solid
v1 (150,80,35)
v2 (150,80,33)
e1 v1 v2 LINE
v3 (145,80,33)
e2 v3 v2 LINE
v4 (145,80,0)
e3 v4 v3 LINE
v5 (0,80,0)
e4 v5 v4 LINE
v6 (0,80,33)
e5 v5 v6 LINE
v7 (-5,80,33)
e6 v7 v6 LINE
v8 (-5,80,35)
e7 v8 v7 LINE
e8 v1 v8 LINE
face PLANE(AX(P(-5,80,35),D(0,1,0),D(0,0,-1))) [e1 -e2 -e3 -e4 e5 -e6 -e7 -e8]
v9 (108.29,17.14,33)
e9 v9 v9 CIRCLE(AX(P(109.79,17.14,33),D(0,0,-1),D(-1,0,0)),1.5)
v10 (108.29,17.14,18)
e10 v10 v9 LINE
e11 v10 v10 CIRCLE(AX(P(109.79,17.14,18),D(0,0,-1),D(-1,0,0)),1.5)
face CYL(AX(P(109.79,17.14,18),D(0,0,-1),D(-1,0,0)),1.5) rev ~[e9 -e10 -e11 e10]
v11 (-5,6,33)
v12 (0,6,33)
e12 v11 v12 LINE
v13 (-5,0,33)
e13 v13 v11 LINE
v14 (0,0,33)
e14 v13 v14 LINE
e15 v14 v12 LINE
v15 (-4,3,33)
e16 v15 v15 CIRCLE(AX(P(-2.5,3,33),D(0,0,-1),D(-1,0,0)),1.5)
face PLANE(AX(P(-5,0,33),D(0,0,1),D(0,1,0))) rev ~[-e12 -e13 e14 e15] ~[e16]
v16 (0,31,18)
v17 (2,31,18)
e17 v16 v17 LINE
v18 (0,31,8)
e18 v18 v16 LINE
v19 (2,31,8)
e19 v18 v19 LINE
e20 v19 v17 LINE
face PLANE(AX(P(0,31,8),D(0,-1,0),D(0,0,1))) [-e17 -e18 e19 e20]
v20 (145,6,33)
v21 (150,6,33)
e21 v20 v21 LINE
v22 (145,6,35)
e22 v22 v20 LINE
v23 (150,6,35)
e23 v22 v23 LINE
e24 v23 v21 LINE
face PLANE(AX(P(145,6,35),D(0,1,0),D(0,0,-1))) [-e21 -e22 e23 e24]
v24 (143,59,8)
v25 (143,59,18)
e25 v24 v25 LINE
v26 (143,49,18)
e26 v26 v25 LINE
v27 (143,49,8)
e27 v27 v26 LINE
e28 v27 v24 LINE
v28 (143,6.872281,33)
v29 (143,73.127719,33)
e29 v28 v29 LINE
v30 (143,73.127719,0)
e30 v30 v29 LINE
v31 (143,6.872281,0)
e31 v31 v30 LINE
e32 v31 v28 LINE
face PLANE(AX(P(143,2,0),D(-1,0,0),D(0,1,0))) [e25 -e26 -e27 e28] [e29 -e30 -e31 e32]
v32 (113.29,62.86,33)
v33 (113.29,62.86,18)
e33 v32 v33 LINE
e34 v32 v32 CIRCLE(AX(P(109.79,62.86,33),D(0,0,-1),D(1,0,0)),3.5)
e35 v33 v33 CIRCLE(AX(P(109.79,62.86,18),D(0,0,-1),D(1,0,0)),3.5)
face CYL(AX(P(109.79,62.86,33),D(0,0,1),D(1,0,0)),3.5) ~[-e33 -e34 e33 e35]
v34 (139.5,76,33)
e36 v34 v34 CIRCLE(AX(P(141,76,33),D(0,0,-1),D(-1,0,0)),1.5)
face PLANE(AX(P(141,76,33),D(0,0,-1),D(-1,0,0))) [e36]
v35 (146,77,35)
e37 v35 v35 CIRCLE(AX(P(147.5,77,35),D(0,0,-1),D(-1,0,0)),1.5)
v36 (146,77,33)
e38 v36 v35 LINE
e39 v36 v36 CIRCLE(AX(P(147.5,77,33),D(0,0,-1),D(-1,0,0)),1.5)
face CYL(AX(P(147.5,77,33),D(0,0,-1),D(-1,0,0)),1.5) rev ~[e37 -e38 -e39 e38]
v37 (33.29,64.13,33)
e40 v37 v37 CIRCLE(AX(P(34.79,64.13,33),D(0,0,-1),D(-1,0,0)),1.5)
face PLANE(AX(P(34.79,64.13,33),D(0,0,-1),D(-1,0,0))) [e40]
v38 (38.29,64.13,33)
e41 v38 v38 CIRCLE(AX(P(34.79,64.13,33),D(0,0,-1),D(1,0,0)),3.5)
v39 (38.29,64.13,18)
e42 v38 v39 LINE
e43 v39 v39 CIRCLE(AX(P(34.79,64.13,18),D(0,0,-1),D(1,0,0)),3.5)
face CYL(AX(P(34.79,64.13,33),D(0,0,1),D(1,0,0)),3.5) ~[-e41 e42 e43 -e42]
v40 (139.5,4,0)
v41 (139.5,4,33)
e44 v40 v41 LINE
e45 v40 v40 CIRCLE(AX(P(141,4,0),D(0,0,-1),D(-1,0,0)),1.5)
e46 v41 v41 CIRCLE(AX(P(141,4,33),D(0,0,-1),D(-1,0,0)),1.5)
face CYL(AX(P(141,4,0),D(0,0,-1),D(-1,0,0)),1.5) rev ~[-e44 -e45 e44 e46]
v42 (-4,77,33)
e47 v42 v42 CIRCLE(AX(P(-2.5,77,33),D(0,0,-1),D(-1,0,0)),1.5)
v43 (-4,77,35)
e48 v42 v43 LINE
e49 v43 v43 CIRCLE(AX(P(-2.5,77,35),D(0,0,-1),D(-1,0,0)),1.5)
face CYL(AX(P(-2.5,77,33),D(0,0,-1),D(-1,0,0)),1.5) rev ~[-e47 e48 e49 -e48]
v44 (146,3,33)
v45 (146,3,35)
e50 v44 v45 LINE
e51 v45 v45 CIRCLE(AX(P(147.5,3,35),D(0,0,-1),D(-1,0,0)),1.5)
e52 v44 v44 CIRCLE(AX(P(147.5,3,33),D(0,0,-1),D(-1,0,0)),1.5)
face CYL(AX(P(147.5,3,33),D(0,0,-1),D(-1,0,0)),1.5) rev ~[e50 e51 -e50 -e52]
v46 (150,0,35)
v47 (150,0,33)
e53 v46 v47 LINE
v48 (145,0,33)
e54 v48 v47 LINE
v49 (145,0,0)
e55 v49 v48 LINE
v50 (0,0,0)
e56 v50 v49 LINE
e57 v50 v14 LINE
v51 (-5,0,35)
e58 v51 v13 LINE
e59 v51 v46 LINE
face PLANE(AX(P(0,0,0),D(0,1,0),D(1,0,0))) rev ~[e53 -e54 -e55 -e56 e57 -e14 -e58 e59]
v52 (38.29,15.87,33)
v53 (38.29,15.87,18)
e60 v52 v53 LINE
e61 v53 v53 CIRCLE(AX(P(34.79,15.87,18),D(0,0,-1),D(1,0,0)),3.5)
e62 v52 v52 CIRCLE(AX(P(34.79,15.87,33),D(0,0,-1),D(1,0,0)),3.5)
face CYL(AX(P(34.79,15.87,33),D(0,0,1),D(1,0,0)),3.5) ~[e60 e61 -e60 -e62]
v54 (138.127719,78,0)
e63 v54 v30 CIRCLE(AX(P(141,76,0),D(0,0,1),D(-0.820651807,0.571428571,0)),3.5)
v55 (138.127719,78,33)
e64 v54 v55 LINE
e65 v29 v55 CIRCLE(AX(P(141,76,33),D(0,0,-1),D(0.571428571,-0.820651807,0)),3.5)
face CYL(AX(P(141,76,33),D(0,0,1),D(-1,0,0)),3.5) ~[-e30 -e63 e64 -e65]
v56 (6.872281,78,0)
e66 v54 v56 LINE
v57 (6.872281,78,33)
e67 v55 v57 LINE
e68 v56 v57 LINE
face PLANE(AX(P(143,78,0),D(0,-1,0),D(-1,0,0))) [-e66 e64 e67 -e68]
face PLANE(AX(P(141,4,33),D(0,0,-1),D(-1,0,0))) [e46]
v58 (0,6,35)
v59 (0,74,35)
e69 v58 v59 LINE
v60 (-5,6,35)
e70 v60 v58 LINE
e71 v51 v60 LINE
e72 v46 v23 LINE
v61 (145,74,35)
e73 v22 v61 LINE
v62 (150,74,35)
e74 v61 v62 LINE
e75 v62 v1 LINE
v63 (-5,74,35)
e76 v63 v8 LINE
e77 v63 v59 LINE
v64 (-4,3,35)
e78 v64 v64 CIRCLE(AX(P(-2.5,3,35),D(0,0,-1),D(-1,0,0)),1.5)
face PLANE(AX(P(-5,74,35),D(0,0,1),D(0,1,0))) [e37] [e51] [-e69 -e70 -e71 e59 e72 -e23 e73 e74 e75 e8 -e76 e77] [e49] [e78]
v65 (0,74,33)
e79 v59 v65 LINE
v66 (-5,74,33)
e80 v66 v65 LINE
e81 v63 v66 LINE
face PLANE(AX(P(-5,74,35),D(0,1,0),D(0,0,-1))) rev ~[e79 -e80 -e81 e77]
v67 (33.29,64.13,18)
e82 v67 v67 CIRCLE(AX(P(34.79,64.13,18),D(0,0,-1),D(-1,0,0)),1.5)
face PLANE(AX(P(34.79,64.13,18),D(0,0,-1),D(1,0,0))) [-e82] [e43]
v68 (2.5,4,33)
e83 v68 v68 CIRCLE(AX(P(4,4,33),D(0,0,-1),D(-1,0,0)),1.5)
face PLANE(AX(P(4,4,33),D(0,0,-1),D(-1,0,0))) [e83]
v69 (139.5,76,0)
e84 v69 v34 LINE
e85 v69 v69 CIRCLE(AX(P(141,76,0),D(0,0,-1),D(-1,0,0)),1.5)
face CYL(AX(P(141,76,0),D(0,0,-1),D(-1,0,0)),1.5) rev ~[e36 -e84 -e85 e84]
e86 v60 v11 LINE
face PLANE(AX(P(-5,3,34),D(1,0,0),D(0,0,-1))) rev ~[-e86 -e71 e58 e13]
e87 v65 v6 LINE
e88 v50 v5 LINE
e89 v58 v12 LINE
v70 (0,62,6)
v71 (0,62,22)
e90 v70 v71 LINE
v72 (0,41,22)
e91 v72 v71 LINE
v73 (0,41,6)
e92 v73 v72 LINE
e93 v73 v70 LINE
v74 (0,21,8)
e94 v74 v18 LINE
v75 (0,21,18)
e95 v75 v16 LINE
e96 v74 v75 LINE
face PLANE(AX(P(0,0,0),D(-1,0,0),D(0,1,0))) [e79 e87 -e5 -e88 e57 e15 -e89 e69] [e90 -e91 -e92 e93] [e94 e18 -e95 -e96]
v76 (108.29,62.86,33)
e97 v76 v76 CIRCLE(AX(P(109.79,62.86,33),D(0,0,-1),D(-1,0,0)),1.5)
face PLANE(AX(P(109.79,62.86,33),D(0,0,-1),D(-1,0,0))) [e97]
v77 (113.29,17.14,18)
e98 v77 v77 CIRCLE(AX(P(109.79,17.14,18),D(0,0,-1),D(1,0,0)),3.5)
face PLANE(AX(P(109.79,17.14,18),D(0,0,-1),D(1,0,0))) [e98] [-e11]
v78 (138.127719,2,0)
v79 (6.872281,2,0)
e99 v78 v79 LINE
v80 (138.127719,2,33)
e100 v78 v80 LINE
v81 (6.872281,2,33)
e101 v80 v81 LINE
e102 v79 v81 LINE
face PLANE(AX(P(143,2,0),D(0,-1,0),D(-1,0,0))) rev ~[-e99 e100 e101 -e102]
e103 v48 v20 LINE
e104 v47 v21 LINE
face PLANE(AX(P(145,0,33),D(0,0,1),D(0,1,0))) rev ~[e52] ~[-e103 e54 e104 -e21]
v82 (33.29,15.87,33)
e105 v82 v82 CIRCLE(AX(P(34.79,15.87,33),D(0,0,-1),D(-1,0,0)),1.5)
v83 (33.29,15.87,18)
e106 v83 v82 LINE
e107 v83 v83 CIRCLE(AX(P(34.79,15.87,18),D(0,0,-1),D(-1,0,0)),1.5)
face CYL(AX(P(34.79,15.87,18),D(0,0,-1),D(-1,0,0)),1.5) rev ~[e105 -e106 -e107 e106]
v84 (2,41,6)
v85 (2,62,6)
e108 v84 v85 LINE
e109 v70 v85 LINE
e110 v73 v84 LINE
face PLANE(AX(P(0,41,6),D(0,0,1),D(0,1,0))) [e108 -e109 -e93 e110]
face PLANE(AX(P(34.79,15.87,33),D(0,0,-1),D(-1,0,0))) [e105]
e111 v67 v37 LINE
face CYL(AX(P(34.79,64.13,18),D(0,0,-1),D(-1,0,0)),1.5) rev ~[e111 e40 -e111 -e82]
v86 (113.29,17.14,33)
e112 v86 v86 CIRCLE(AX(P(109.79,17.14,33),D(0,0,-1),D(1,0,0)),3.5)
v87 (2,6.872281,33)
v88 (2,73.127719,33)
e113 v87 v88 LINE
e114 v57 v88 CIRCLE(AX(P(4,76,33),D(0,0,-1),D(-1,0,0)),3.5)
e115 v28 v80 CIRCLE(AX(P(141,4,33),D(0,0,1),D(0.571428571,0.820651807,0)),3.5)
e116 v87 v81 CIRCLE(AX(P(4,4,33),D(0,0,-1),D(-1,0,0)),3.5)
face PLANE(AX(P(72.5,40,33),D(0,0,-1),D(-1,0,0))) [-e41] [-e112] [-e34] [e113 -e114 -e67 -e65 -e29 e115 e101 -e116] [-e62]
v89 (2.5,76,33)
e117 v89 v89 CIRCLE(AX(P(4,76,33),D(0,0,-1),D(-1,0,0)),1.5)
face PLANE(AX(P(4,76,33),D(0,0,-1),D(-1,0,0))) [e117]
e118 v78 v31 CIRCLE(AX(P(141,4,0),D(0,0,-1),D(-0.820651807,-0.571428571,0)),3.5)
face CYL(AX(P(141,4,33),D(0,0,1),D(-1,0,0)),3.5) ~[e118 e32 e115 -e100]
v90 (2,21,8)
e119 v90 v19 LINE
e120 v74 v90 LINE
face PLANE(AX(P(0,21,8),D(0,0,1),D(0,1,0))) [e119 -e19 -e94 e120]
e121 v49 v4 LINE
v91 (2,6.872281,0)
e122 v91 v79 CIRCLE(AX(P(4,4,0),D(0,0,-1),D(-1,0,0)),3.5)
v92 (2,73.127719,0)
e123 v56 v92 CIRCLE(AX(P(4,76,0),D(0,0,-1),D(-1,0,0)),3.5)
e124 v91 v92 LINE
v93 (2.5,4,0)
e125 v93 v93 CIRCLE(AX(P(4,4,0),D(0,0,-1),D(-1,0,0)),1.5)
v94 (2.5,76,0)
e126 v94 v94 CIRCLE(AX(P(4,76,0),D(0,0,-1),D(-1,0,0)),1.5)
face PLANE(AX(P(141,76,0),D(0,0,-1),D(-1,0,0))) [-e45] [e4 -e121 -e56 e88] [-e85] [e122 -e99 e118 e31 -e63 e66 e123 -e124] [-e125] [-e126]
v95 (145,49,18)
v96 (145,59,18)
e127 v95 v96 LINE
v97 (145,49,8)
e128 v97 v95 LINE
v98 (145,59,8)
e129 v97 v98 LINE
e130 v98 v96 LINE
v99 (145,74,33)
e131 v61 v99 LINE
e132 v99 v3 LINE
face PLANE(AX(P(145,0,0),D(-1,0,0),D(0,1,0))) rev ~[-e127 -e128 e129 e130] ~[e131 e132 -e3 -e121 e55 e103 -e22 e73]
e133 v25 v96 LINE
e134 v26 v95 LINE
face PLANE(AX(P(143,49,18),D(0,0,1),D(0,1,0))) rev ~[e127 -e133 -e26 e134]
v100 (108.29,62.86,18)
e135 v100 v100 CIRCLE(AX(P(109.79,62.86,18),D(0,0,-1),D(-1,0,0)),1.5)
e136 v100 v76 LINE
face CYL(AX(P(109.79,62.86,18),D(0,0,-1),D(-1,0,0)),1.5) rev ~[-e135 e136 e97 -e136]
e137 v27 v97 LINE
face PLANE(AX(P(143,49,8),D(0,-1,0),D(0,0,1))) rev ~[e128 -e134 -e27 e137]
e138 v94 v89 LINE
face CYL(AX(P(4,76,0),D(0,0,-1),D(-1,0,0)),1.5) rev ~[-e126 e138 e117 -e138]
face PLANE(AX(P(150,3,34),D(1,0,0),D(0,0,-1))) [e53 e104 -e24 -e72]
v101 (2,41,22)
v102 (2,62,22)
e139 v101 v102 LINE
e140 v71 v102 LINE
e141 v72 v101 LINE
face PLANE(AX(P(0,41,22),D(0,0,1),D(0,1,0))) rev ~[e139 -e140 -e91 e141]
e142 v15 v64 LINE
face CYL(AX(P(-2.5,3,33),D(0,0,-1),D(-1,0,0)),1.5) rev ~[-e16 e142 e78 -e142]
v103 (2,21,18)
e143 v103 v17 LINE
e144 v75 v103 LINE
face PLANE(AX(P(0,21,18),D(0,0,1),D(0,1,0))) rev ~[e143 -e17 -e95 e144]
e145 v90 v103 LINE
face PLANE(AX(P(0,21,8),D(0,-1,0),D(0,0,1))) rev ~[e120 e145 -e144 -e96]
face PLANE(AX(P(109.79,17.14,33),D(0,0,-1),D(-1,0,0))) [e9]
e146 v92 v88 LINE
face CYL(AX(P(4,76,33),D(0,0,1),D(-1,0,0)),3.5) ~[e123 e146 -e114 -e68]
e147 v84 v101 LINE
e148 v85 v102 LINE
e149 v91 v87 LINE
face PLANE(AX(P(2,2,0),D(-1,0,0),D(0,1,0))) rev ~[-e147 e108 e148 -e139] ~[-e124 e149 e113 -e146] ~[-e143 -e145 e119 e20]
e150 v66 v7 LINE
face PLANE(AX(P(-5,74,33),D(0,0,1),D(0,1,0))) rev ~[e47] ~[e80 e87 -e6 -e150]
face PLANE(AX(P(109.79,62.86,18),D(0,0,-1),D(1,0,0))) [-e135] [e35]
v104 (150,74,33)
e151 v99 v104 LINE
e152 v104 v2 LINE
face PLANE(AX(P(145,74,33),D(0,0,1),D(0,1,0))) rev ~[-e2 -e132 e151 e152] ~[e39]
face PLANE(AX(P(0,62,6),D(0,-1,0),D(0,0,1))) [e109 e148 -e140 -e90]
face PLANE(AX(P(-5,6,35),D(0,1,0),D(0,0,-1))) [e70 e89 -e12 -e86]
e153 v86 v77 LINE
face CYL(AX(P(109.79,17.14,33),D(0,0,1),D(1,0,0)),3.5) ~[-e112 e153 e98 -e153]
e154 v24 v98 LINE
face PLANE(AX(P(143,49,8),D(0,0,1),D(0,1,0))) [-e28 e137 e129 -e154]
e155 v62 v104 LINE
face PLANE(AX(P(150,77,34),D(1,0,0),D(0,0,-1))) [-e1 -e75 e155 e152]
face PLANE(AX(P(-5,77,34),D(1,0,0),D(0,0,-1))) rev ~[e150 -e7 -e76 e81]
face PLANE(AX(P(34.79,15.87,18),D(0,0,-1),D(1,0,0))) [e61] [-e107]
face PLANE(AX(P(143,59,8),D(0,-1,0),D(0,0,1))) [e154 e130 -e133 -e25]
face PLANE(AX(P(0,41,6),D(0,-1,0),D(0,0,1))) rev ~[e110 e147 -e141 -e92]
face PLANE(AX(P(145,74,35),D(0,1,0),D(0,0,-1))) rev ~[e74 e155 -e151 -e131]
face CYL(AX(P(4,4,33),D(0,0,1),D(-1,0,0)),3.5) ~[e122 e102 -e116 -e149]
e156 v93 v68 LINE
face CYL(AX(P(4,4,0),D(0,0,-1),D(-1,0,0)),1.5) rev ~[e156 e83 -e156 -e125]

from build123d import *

# Parameters (mm, degrees)
SKETCH_1_W                       = 145
SKETCH_1_H                       = 80
EXTRUDE_1_DEPTH                  = 35
SKETCH_2_W                       = 141
SKETCH_2_H                       = 76
CUT_EXTRUDE_1_DEPTH              = 33
SKETCH_3_R                       = 3.5
EXTRUDE_2_DEPTH                  = 15
SKETCH_4_R                       = 1.5
CUT_EXTRUDE_2_DEPTH              = 15
SKETCH_5_W                       = 10
SKETCH_5_H                       = 10
SKETCH_5_W_2                     = 16
SKETCH_5_H_2                     = 21
CUT_EXTRUDE_3_DEPTH              = 15
SKETCH_6_W                       = 10
SKETCH_6_H                       = 10
CUT_EXTRUDE_4_DEPTH              = 15
SKETCH_9_R                       = 3.5
EXTRUDE_3_DEPTH                  = 33
SKETCH_10_R                      = 1.5
CUT_EXTRUDE_5_DEPTH              = 33
PATTERN_LINEAR_2_COUNT           = 2
PATTERN_LINEAR_2_PITCH           = 72
PATTERN_LINEAR_2_COUNT_DIR2      = 2
PATTERN_LINEAR_2_PITCH_DIR2      = 137
SKETCH_12_W                      = 2
SKETCH_12_H                      = 6
EXTRUDE_4_DEPTH                  = 5
SKETCH_13_R                      = 1.5
CUT_EXTRUDE_6_DEPTH              = 5
PATTERN_LINEAR_3_COUNT           = 2
PATTERN_LINEAR_3_PITCH           = 74
PATTERN_LINEAR_4_COUNT           = 2
PATTERN_LINEAR_4_PITCH           = 150
PATTERN_LINEAR_4_COPY_1_SKETCH_R = 1.5
PATTERN_LINEAR_4_COPY_1_DEPTH    = 5


with BuildPart() as part:
    # Эскиз1 → Бобышка-Вытянуть1 (new body)
    with BuildSketch(Plane.XY):
        with Locations((72.5, 40)):
            Rectangle(SKETCH_1_W, SKETCH_1_H)
    extrude(amount=EXTRUDE_1_DEPTH)

    # Эскиз2 → Вырез-Вытянуть1 (cut)
    with BuildSketch(Plane(origin=(0, 0, 0), x_dir=(-1, 0, 0), z_dir=(0, 0, -1))):
        with Locations((-72.5, 40)):
            Rectangle(SKETCH_2_W, SKETCH_2_H)
    extrude(amount=-CUT_EXTRUDE_1_DEPTH, mode=Mode.SUBTRACT)

    # Эскиз3 → Бобышка-Вытянуть2 (add)
    with BuildSketch(Plane(origin=(0, 0, 33), x_dir=(-1, 0, 0), z_dir=(0, 0, -1))):
        with Locations(Location((-109.79, 62.86, 0), (0, 0, 180))):
            Circle(SKETCH_3_R)
        with Locations(Location((-109.79, 17.14, 0), (0, 0, 180))):
            Circle(SKETCH_3_R)
        with Locations(Location((-34.79, 64.13, 0), (0, 0, 180))):
            Circle(SKETCH_3_R)
        with Locations(Location((-34.79, 15.87, 0), (0, 0, 180))):
            Circle(SKETCH_3_R)
    extrude(amount=EXTRUDE_2_DEPTH)

    # Эскиз4 → Вырез-Вытянуть2 (cut)
    with BuildSketch(Plane(origin=(0, 0, 18), x_dir=(-1, 0, 0), z_dir=(0, 0, -1))):
        with Locations((-109.79, 62.86)):
            Circle(SKETCH_4_R)
        with Locations((-34.79, 64.13)):
            Circle(SKETCH_4_R)
        with Locations((-34.79, 15.87)):
            Circle(SKETCH_4_R)
        with Locations((-109.79, 17.14)):
            Circle(SKETCH_4_R)
    extrude(amount=-CUT_EXTRUDE_2_DEPTH, mode=Mode.SUBTRACT)

    # Эскиз5 → Вырез-Вытянуть3 (cut)
    with BuildSketch(Plane.ZY):
        with Locations((13, 26)):
            Rectangle(SKETCH_5_W, SKETCH_5_H)
        with Locations((14, 51.5)):
            Rectangle(SKETCH_5_W_2, SKETCH_5_H_2)
    extrude(amount=-CUT_EXTRUDE_3_DEPTH, mode=Mode.SUBTRACT)

    # Эскиз6 → Вырез-Вытянуть4 (cut)
    with BuildSketch(Plane.ZY.offset(-143)):
        with Locations((13, 54)):
            Rectangle(SKETCH_6_W, SKETCH_6_H)
    extrude(amount=-CUT_EXTRUDE_4_DEPTH, mode=Mode.SUBTRACT)

    # Эскиз9 → Бобышка-Вытянуть3 (add)
    with BuildSketch(Plane(origin=(0, 0, 33), x_dir=(-1, 0, 0), z_dir=(0, 0, -1))):
        with Locations((-4, 76)):
            Circle(SKETCH_9_R)
    extrude_3 = extrude(amount=EXTRUDE_3_DEPTH)

    # Эскиз10 → Вырез-Вытянуть5 (cut)
    with BuildSketch(Plane(origin=(0, 0, 0), x_dir=(-1, 0, 0), z_dir=(0, 0, -1))):
        with Locations((-4, 76)):
            Circle(SKETCH_10_R)
    cut_extrude_5 = extrude(amount=-CUT_EXTRUDE_5_DEPTH, mode=Mode.SUBTRACT)

    # Линейный массив2: Бобышка-Вытянуть3, Cut-Extrude 5 2 × 2
    with Locations(*[(j * PATTERN_LINEAR_2_PITCH_DIR2, -i * PATTERN_LINEAR_2_PITCH, 0) for i in range(PATTERN_LINEAR_2_COUNT) for j in range(PATTERN_LINEAR_2_COUNT_DIR2) if (i, j) != (0, 0)]):
        add(extrude_3)
        add(cut_extrude_5, mode=Mode.SUBTRACT)

    # Эскиз12 → Бобышка-Вытянуть4 (add)
    with BuildSketch(Plane(origin=(145, 0, 0), x_dir=(0, 0, -1), z_dir=(1, 0, 0))):
        with Locations((-34, 77)):
            Rectangle(SKETCH_12_W, SKETCH_12_H)
        with Locations((-34, 3)):
            Rectangle(SKETCH_12_W, SKETCH_12_H)
    extrude_4 = extrude(amount=EXTRUDE_4_DEPTH)

    # Эскиз13 → Вырез-Вытянуть6 (cut)
    with BuildSketch(Plane(origin=(0, 0, 33), x_dir=(-1, 0, 0), z_dir=(0, 0, -1))):
        with Locations((-147.5, 77)):
            Circle(SKETCH_13_R)
    cut_extrude_6 = extrude(amount=-CUT_EXTRUDE_6_DEPTH, mode=Mode.SUBTRACT)

    # Линейный массив3: Вырез-Вытянуть6 ×2
    with Locations(*[(0, -i * PATTERN_LINEAR_3_PITCH, 0) for i in range(1, PATTERN_LINEAR_3_COUNT)]):
        add(cut_extrude_6, mode=Mode.SUBTRACT)

    # Линейный массив4: Бобышка-Вытянуть4, Вырез-Вытянуть6 ×2
    with Locations(*[(-i * PATTERN_LINEAR_4_PITCH, 0, 0) for i in range(1, PATTERN_LINEAR_4_COUNT)]):
        add(extrude_4)
        add(cut_extrude_6, mode=Mode.SUBTRACT)

    # Линейный массив4 copy 1 sketch → Линейный массив4 copy 1 (cut)
    with BuildSketch(Plane(origin=(-150, -74, 33), x_dir=(-1, 0, 0), z_dir=(0, 0, -1))):
        with Locations((-147.5, 77)):
            Circle(PATTERN_LINEAR_4_COPY_1_SKETCH_R)
    extrude(amount=-PATTERN_LINEAR_4_COPY_1_DEPTH, mode=Mode.SUBTRACT)


solid = part.part
